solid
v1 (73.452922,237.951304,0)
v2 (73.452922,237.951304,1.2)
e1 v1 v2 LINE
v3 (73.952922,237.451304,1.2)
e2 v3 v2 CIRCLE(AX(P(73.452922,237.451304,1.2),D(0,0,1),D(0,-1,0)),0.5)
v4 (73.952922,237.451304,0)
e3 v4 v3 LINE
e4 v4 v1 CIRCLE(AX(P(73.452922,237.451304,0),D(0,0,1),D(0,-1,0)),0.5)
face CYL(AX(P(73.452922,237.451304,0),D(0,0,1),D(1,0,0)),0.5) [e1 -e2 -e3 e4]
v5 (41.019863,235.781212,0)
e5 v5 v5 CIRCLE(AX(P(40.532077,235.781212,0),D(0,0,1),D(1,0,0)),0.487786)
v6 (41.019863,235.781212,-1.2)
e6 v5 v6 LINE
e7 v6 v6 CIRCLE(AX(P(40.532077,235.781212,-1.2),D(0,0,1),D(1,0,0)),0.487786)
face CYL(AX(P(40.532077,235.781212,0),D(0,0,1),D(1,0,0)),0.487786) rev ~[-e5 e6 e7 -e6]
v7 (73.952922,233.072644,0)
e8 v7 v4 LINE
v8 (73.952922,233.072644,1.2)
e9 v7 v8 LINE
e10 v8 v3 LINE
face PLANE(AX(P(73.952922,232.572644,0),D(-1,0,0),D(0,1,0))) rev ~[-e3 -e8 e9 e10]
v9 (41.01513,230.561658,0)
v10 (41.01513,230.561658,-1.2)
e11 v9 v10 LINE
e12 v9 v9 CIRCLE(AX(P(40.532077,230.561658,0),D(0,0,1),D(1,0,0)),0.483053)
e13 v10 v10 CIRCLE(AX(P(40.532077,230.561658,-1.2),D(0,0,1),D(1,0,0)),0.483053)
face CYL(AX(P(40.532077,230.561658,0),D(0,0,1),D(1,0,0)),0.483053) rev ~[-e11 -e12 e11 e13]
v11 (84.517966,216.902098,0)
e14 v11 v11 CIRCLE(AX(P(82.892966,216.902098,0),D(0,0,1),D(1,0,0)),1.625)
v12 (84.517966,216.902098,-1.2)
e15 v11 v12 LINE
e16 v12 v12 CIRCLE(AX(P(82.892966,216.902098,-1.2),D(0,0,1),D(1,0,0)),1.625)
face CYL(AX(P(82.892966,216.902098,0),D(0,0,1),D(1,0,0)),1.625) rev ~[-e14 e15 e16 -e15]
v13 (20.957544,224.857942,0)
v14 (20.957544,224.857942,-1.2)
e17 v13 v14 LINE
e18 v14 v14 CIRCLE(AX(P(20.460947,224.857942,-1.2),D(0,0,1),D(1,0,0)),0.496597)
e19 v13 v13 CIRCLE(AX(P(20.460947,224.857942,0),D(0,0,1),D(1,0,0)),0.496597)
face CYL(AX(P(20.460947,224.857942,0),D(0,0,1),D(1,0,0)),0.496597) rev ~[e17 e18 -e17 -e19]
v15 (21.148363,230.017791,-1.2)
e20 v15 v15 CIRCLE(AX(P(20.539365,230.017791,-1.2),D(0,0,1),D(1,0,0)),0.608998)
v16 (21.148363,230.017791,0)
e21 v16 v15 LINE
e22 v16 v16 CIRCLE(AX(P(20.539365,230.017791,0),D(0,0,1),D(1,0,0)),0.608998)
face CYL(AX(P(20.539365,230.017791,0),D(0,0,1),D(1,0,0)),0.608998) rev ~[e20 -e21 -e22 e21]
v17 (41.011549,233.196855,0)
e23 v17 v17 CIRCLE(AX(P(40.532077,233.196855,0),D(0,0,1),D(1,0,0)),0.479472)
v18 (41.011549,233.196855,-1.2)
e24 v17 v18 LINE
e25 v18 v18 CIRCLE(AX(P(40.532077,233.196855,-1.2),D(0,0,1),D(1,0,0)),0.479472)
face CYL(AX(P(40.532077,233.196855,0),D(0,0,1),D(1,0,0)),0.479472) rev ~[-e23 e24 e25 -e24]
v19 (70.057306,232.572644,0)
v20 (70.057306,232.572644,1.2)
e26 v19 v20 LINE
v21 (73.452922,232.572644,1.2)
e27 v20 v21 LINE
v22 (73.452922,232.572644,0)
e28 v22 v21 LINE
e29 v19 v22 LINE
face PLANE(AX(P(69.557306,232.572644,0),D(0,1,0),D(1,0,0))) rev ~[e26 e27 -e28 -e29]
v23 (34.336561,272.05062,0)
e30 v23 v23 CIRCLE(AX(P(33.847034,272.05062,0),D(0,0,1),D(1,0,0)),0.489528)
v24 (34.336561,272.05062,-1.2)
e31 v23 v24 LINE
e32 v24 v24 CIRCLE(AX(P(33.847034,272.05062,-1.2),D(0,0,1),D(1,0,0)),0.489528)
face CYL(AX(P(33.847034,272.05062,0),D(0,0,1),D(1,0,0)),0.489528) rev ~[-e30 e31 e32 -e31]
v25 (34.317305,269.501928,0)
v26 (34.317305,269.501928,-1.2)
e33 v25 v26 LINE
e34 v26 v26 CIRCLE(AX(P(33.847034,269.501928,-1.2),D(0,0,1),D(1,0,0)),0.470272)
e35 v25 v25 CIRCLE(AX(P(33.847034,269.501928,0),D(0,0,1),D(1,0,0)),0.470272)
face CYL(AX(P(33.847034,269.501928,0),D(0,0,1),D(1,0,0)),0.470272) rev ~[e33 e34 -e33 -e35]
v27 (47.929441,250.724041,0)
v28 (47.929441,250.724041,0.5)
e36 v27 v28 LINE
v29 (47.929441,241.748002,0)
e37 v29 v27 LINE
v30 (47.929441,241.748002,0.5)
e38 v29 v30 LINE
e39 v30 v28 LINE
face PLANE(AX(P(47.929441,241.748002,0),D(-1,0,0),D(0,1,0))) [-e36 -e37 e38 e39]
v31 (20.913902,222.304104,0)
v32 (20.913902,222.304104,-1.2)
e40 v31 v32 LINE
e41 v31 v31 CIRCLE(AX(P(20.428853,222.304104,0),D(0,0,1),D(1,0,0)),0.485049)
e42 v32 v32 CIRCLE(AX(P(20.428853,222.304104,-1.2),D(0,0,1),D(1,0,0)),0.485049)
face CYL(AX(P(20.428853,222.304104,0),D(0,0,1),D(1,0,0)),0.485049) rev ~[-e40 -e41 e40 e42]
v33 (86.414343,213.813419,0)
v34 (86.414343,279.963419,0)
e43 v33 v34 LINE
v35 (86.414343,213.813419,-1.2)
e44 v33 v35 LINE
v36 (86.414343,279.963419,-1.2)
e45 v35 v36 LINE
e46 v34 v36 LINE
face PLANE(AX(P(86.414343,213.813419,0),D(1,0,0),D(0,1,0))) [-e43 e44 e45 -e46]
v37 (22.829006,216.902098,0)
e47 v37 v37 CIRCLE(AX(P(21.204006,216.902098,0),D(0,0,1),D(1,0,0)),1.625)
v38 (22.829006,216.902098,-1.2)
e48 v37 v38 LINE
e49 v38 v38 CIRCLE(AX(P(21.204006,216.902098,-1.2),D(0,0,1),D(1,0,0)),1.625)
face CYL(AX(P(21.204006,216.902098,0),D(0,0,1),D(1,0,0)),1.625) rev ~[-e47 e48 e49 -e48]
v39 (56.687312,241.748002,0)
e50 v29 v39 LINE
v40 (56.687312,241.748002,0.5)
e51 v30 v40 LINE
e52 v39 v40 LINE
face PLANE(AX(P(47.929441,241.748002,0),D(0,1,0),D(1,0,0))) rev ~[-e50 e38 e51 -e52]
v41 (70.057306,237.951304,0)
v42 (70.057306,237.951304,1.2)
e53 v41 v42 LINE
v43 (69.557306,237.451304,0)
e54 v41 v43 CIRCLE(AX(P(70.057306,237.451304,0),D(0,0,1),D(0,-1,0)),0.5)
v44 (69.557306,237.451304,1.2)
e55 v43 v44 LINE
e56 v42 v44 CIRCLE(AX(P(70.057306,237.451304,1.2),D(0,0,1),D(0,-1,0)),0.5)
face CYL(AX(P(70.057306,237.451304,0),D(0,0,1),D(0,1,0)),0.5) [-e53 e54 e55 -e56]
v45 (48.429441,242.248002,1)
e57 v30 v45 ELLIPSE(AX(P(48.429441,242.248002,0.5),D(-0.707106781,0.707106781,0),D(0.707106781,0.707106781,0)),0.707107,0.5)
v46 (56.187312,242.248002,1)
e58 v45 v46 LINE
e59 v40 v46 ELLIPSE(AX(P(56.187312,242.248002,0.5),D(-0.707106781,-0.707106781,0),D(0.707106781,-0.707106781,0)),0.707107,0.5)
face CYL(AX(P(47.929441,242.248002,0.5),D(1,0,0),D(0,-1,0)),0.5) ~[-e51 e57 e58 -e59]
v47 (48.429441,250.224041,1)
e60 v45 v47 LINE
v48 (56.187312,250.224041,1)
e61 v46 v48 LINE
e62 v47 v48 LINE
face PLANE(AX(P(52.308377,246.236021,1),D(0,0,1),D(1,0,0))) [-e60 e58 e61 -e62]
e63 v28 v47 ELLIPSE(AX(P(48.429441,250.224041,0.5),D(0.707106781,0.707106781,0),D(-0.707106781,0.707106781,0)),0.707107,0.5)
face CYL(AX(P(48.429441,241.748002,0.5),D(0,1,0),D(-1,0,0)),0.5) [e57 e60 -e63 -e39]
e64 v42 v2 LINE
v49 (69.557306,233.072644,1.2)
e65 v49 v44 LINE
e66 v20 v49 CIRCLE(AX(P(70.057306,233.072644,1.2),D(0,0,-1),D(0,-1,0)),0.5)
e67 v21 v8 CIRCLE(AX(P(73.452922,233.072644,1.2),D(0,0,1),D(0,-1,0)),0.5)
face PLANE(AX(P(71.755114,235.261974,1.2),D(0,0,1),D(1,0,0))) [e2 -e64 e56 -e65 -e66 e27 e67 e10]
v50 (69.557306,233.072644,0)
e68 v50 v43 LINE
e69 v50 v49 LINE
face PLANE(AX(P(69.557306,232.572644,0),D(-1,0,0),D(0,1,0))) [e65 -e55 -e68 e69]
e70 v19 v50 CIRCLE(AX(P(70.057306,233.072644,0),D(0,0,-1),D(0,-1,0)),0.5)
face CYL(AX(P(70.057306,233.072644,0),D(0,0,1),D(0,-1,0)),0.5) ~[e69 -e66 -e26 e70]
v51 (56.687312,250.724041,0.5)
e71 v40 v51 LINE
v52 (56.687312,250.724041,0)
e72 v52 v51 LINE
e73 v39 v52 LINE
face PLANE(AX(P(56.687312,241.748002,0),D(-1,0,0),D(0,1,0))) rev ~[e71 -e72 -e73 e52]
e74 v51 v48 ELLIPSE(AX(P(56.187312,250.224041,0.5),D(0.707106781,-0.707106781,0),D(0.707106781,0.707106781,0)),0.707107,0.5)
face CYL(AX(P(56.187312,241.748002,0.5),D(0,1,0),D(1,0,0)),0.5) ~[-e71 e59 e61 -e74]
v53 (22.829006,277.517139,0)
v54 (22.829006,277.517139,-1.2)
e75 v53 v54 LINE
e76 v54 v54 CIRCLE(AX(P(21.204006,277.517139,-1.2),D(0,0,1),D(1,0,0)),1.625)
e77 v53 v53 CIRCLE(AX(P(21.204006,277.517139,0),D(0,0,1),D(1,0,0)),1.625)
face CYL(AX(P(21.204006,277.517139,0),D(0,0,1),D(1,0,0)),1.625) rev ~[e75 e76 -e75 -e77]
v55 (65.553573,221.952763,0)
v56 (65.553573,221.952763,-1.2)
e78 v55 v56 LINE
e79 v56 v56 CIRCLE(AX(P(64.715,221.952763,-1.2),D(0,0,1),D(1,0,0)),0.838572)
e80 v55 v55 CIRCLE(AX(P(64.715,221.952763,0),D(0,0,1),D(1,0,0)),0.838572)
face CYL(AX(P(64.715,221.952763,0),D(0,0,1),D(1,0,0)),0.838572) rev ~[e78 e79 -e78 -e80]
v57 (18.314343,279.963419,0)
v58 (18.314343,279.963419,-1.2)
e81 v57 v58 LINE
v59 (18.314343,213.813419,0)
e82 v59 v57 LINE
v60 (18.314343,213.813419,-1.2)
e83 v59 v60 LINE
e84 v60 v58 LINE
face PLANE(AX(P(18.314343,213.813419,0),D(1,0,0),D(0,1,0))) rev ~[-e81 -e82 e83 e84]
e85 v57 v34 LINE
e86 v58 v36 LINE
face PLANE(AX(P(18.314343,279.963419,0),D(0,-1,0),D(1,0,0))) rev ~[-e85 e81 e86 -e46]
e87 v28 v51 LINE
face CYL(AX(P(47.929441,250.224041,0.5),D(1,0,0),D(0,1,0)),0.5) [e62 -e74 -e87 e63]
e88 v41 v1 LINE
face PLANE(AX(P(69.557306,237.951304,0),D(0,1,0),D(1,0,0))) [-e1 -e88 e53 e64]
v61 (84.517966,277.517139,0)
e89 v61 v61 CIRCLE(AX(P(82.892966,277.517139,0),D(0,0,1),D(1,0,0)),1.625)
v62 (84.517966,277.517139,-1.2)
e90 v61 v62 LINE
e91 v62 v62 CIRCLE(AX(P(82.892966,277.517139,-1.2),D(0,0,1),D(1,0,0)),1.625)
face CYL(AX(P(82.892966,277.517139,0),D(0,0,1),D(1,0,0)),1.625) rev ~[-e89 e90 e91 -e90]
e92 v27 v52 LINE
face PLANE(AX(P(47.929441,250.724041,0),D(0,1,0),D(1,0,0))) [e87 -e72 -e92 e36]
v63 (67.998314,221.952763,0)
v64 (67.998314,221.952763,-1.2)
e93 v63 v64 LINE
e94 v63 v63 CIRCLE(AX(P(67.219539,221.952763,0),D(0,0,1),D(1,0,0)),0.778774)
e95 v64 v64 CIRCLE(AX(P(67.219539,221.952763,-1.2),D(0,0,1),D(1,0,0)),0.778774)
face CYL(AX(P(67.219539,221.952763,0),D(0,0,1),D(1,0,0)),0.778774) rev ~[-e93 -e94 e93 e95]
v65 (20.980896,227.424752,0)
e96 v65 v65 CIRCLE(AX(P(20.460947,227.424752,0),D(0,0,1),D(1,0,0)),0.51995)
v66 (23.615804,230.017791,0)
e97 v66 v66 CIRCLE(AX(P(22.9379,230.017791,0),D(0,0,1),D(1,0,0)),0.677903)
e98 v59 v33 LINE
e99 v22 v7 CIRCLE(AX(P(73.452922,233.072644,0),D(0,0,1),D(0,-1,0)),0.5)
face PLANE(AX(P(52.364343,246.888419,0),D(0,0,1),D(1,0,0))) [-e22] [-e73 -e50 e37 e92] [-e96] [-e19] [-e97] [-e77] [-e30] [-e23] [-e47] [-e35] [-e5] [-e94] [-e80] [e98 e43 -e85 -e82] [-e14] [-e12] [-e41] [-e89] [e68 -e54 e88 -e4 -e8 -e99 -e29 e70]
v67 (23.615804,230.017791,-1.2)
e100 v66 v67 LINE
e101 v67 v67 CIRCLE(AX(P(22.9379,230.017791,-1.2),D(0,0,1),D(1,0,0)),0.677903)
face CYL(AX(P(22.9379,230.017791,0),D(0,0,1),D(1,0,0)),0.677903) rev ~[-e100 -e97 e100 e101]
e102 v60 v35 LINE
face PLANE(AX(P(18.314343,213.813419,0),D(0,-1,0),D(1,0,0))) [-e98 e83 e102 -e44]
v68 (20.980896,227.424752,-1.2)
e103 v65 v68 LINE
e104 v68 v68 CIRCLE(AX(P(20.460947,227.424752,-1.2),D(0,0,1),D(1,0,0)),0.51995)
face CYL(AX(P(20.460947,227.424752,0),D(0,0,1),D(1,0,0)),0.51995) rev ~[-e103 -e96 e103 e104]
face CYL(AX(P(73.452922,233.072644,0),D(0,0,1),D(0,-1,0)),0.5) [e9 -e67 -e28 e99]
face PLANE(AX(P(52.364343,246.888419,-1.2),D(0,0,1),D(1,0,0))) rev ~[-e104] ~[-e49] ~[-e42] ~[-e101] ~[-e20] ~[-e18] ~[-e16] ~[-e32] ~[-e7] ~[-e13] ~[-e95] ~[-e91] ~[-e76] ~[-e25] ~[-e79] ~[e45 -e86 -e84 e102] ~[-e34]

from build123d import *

# Parameters (mm, degrees)
ESQUISSE1_W        = 68.1
ESQUISSE1_H        = 66.15
ESQUISSE1_R        = 1.625
ESQUISSE1_R_2      = 0.5199497
ESQUISSE1_R_3      = 0.496597476
ESQUISSE1_R_4      = 0.485049202
ESQUISSE1_R_5      = 0.608998307
ESQUISSE1_R_6      = 0.677903493
ESQUISSE1_R_7      = 0.838572367
ESQUISSE1_R_8      = 0.778774178
ESQUISSE1_R_9      = 0.487785526
ESQUISSE1_R_10     = 0.479472078
ESQUISSE1_R_11     = 0.483052504
ESQUISSE1_R_12     = 0.489527541
ESQUISSE1_R_13     = 0.470271612
BOSS_EXTRU_1_DEPTH = 1.2
ESQUISSE3_W        = 8.757871462
ESQUISSE3_H        = 8.976039079
BOSS_EXTRU_2_DEPTH = 1
CONG_1_R           = 0.5
ESQUISSE4_W        = 4.395615229
ESQUISSE4_H        = 5.378660169
BOSS_EXTRU_3_DEPTH = 1.2
CONG_2_R           = 0.5


with BuildPart() as part:
    # Esquisse1 → Boss.-Extru.1 (new body)
    with BuildSketch(Plane.XY):
        with Locations((52.364343219, 246.888419198)):
            Rectangle(ESQUISSE1_W, ESQUISSE1_H)
        with Locations((21.20400612, 216.902097721)):
            Circle(ESQUISSE1_R, mode=Mode.SUBTRACT)
        with Locations((82.892966431, 216.902097721)):
            Circle(ESQUISSE1_R, mode=Mode.SUBTRACT)
        with Locations((21.20400612, 277.517138812)):
            Circle(ESQUISSE1_R, mode=Mode.SUBTRACT)
        with Locations((82.892966431, 277.517138812)):
            Circle(ESQUISSE1_R, mode=Mode.SUBTRACT)
        with Locations((20.460946771, 227.424751553)):
            Circle(ESQUISSE1_R_2, mode=Mode.SUBTRACT)
        with Locations((20.460946771, 224.857942008)):
            Circle(ESQUISSE1_R_3, mode=Mode.SUBTRACT)
        with Locations((20.428852881, 222.304104047)):
            Circle(ESQUISSE1_R_4, mode=Mode.SUBTRACT)
        with Locations((20.539364867, 230.017790559)):
            Circle(ESQUISSE1_R_5, mode=Mode.SUBTRACT)
        with Locations((22.937900475, 230.017790559)):
            Circle(ESQUISSE1_R_6, mode=Mode.SUBTRACT)
        with Locations((64.715000433, 221.952763309)):
            Circle(ESQUISSE1_R_7, mode=Mode.SUBTRACT)
        with Locations((67.21953945, 221.952763309)):
            Circle(ESQUISSE1_R_8, mode=Mode.SUBTRACT)
        with Locations((40.53207734, 235.781211634)):
            Circle(ESQUISSE1_R_9, mode=Mode.SUBTRACT)
        with Locations((40.53207734, 233.196854691)):
            Circle(ESQUISSE1_R_10, mode=Mode.SUBTRACT)
        with Locations((40.53207734, 230.561657941)):
            Circle(ESQUISSE1_R_11, mode=Mode.SUBTRACT)
        with Locations((33.847033777, 272.050619819)):
            Circle(ESQUISSE1_R_12, mode=Mode.SUBTRACT)
        with Locations((33.847033777, 269.501928251)):
            Circle(ESQUISSE1_R_13, mode=Mode.SUBTRACT)
    extrude(amount=-BOSS_EXTRU_1_DEPTH)

    # Esquisse3 → Boss.-Extru.2 (add)
    with BuildSketch(Plane.XY):
        with Locations((52.308376614, 246.236021207)):
            Rectangle(ESQUISSE3_W, ESQUISSE3_H)
    extrude(amount=BOSS_EXTRU_2_DEPTH)

    # Congé1
    cong_1_edges = [part.edges().sort_by_distance(p)[0] for p in [
        (47.929440883, 246.236021207, 1),
        (52.308376614, 241.748001667, 1),
        (56.687312345, 246.236021207, 1),
        (52.308376614, 250.724040746, 1),
    ]]
    fillet(cong_1_edges, radius=CONG_1_R)

    # Esquisse4 → Boss.-Extru.3 (add)
    with BuildSketch(Plane.XY):
        with Locations((71.755113955, 235.261974176)):
            Rectangle(ESQUISSE4_W, ESQUISSE4_H)
    extrude(amount=BOSS_EXTRU_3_DEPTH)

    # Congé2
    cong_2_edges = [part.edges().sort_by_distance(p)[0] for p in [
        (69.55730634, 237.95130426, 0.6),
        (69.55730634, 232.572644091, 0.6),
        (73.952921569, 232.572644091, 0.6),
        (73.952921569, 237.95130426, 0.6),
    ]]
    fillet(cong_2_edges, radius=CONG_2_R)


solid = part.part
